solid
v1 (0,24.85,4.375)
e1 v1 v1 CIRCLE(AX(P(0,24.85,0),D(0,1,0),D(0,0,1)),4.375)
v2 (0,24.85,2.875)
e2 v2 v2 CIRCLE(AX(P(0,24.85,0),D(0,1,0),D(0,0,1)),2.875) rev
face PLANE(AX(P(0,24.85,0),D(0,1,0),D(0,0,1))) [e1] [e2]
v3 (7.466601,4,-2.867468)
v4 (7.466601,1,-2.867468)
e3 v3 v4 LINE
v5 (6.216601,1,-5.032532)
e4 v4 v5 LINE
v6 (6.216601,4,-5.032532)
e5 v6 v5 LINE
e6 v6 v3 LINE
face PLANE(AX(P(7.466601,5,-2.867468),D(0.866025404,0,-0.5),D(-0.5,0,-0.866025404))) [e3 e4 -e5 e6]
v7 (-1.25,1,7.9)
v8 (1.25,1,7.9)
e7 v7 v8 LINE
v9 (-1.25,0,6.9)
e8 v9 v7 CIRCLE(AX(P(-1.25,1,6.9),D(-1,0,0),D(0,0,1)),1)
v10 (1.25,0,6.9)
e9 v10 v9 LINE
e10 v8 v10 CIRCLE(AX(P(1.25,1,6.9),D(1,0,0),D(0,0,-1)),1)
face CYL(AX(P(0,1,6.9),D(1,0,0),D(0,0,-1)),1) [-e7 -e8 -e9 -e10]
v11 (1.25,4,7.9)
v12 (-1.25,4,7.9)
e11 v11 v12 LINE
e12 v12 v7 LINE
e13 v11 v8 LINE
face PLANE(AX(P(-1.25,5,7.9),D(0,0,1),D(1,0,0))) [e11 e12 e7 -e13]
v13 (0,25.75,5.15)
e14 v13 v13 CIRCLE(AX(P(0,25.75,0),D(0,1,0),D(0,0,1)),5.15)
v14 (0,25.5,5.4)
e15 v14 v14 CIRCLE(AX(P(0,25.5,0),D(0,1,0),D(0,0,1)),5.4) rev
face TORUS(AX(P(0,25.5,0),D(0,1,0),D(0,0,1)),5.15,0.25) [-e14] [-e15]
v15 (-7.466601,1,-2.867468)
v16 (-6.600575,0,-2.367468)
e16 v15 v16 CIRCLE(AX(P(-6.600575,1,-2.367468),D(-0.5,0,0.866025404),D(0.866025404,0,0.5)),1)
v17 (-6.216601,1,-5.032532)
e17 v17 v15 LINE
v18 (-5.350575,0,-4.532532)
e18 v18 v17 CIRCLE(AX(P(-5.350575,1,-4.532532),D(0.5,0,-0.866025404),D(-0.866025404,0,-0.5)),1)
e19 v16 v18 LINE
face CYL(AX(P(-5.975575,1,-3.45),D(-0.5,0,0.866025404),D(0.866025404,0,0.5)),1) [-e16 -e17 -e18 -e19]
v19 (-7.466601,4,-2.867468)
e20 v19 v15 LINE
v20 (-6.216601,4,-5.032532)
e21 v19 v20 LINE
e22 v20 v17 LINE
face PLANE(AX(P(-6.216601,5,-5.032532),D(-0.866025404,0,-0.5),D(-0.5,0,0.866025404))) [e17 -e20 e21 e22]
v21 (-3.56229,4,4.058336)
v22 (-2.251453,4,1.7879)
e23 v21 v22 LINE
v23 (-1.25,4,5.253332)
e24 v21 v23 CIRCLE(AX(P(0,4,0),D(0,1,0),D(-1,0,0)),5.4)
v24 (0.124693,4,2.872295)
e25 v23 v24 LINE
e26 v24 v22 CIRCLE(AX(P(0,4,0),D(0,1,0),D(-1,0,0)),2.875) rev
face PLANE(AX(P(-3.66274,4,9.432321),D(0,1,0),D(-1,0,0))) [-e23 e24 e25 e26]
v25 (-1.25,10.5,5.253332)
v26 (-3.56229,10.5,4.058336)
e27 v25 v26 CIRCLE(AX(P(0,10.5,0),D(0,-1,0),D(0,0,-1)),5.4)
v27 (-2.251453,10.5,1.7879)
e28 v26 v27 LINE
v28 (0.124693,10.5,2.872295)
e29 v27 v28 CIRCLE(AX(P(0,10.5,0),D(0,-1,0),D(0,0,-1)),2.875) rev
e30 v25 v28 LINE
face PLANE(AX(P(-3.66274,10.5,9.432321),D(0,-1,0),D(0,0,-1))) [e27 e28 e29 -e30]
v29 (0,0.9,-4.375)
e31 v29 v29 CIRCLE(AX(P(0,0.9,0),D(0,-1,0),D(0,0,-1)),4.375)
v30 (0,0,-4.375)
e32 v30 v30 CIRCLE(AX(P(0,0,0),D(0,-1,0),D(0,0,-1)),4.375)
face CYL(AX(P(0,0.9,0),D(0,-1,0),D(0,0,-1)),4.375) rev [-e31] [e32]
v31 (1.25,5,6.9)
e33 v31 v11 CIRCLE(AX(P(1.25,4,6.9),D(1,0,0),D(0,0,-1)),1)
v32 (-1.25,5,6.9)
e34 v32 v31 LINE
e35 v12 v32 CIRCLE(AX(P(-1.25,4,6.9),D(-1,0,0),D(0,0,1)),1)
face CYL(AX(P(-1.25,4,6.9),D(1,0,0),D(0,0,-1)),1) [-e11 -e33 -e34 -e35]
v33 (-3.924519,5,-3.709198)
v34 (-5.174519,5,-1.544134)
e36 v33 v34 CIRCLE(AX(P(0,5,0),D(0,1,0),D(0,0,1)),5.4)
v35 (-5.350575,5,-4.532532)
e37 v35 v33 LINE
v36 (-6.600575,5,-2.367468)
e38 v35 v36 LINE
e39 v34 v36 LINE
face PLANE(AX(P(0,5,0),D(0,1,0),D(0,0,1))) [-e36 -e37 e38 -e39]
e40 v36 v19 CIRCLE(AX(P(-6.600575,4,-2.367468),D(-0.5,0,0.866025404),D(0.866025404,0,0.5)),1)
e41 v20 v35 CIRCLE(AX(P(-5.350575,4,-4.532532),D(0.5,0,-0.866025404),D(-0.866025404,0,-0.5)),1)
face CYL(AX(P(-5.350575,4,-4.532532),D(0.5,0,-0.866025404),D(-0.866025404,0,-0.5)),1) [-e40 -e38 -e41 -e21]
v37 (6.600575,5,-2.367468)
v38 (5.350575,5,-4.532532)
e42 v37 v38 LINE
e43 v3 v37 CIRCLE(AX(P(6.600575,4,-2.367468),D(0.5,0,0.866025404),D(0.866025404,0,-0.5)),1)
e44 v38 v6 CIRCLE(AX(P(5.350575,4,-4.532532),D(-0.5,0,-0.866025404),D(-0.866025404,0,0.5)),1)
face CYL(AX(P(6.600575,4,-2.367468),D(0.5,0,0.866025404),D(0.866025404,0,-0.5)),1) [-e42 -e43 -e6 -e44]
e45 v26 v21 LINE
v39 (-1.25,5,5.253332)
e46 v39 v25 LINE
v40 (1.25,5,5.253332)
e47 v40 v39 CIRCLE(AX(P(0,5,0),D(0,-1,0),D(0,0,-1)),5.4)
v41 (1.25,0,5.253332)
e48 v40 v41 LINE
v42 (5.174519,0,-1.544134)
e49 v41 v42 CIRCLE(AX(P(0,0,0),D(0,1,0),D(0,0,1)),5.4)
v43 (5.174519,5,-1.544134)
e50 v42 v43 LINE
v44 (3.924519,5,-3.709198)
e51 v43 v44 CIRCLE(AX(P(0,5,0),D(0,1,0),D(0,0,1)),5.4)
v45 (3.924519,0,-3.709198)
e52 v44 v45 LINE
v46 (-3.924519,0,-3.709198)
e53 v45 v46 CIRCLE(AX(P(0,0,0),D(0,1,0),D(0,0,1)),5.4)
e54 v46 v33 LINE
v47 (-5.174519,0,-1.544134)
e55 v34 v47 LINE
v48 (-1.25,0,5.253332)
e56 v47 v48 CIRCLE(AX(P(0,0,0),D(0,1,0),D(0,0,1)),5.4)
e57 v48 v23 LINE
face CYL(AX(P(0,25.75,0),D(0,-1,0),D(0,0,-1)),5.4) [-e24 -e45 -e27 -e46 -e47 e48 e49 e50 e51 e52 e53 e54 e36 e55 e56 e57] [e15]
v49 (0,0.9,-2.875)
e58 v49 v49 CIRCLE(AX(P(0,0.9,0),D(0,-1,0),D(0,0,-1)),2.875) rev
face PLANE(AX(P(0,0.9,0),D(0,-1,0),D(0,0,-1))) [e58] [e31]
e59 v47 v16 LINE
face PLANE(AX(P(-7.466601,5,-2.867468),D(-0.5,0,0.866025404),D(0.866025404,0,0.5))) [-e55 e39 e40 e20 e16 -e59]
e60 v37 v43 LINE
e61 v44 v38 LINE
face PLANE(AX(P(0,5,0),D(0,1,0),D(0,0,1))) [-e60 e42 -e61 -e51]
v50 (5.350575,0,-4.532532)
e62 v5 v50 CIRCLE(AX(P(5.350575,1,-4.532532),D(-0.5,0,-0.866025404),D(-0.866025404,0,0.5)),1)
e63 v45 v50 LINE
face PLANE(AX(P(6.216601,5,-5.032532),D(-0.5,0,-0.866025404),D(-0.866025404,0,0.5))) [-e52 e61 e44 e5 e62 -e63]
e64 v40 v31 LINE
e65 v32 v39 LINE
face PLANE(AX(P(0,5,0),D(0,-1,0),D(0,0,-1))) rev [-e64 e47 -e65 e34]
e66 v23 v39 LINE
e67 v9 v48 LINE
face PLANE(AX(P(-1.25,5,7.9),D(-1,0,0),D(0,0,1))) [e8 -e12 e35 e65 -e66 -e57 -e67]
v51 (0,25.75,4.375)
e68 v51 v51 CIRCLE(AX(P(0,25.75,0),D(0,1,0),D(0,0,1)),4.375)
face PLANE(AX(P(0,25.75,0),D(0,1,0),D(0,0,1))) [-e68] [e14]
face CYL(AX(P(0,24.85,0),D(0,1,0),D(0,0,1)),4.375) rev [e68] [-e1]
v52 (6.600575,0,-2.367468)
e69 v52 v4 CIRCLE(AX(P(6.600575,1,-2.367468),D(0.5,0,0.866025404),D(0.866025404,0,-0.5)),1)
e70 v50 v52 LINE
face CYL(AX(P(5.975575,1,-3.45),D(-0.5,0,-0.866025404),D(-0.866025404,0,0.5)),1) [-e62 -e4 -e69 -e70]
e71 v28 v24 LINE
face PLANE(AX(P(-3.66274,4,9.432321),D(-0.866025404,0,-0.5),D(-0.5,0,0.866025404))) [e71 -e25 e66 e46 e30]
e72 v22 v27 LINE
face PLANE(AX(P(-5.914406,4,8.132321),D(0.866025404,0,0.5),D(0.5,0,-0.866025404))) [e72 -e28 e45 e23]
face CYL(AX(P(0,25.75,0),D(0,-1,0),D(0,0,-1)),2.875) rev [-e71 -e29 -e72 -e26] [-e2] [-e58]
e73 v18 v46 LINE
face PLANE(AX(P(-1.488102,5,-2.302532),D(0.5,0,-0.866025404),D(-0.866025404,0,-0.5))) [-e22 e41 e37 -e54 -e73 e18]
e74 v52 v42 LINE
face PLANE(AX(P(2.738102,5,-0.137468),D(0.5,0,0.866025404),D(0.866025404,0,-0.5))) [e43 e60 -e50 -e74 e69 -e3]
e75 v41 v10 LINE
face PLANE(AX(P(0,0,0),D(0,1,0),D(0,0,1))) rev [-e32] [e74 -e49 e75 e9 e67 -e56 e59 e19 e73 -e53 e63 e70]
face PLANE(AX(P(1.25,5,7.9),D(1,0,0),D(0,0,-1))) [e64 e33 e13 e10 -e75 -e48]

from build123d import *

# Parameters (mm, degrees)
SKETCH1_R           = 5.4
BOSS_EXTRUDE1_DEPTH = 25.75
SKETCH2_W           = 2.5
SKETCH2_H           = 5.463227165
BOSS_EXTRUDE2_DEPTH = 5
FILLET1_R           = 1
FILLET2_R           = 0.25
SKETCH4_R           = 2.875
CUT_EXTRUDE1_DEPTH  = 25.75
SKETCH5_R           = 4.375
CUT_EXTRUDE2_DEPTH  = 0.9
SKETCH6_R           = 4.375
CUT_EXTRUDE3_DEPTH  = 0.9
SKETCH9_W           = 2.6
SKETCH9_H           = 6.5
CUT_EXTRUDE4_DEPTH  = 10


with BuildPart() as part:
    # Sketch1 → Boss-Extrude1 (new body)
    with BuildSketch(Plane(origin=(0, 0, 0), x_dir=(1, 0, 0), z_dir=(0, 1, 0))):
        Circle(SKETCH1_R)
    extrude(amount=BOSS_EXTRUDE1_DEPTH)

    # Sketch2 → Boss-Extrude2 (add)
    with BuildSketch(Plane.XZ):
        Polygon((2.738101985, -0.137468245), (7.46660069, -2.867468245), (6.21660069, -5.032531755), (1.488101985, -2.302531755), align=None)
        with Locations((0, 5.168386418)):
            Rectangle(SKETCH2_W, SKETCH2_H)
        Polygon((-2.738101985, -0.137468245), (-1.488101985, -2.302531755), (-6.21660069, -5.032531755), (-7.46660069, -2.867468245), align=None)
    extrude(amount=-BOSS_EXTRUDE2_DEPTH)

    # Fillet1
    fillet1_edges = [part.edges().sort_by_distance(p)[0] for p in [
        (0, 5, 7.9),
        (0, 0, 7.9),
        (6.84160069, 5, -3.95),
        (6.84160069, 0, -3.95),
        (-6.84160069, 5, -3.95),
        (-6.84160069, 0, -3.95),
    ]]
    fillet(fillet1_edges, radius=FILLET1_R)

    # Fillet2
    fillet2_edges = [part.edges().sort_by_distance(p)[0] for p in [
        (-5.4, 25.75, 0),
    ]]
    fillet(fillet2_edges, radius=FILLET2_R)

    # Sketch4 → Cut-Extrude1 (cut)
    with BuildSketch(Plane.XZ):
        Circle(SKETCH4_R)
    extrude(amount=-CUT_EXTRUDE1_DEPTH, mode=Mode.SUBTRACT)

    # Sketch5 → Cut-Extrude2 (cut)
    with BuildSketch(Plane(origin=(0, 0, 0), x_dir=(-1, 0, 0), z_dir=(0, -1, 0))):
        Circle(SKETCH5_R)
    extrude(amount=-CUT_EXTRUDE2_DEPTH, mode=Mode.SUBTRACT)

    # Sketch6 → Cut-Extrude3 (cut)
    with BuildSketch(Plane(origin=(0, 25.75, 0), x_dir=(1, 0, 0), z_dir=(0, 1, 0))):
        Circle(SKETCH6_R)
    extrude(amount=-CUT_EXTRUDE3_DEPTH, mode=Mode.SUBTRACT)

    # Sketch9 → Cut-Extrude4 (cut)
    with BuildSketch(Plane(origin=(0, 0, 0), x_dir=(0.866025404, 0, 0.5), z_dir=(-0.5, 0, 0.866025404))):
        with Locations((0.244134383, 7.25)):
            Rectangle(SKETCH9_W, SKETCH9_H)
    extrude(amount=CUT_EXTRUDE4_DEPTH, mode=Mode.SUBTRACT)


solid = part.part
